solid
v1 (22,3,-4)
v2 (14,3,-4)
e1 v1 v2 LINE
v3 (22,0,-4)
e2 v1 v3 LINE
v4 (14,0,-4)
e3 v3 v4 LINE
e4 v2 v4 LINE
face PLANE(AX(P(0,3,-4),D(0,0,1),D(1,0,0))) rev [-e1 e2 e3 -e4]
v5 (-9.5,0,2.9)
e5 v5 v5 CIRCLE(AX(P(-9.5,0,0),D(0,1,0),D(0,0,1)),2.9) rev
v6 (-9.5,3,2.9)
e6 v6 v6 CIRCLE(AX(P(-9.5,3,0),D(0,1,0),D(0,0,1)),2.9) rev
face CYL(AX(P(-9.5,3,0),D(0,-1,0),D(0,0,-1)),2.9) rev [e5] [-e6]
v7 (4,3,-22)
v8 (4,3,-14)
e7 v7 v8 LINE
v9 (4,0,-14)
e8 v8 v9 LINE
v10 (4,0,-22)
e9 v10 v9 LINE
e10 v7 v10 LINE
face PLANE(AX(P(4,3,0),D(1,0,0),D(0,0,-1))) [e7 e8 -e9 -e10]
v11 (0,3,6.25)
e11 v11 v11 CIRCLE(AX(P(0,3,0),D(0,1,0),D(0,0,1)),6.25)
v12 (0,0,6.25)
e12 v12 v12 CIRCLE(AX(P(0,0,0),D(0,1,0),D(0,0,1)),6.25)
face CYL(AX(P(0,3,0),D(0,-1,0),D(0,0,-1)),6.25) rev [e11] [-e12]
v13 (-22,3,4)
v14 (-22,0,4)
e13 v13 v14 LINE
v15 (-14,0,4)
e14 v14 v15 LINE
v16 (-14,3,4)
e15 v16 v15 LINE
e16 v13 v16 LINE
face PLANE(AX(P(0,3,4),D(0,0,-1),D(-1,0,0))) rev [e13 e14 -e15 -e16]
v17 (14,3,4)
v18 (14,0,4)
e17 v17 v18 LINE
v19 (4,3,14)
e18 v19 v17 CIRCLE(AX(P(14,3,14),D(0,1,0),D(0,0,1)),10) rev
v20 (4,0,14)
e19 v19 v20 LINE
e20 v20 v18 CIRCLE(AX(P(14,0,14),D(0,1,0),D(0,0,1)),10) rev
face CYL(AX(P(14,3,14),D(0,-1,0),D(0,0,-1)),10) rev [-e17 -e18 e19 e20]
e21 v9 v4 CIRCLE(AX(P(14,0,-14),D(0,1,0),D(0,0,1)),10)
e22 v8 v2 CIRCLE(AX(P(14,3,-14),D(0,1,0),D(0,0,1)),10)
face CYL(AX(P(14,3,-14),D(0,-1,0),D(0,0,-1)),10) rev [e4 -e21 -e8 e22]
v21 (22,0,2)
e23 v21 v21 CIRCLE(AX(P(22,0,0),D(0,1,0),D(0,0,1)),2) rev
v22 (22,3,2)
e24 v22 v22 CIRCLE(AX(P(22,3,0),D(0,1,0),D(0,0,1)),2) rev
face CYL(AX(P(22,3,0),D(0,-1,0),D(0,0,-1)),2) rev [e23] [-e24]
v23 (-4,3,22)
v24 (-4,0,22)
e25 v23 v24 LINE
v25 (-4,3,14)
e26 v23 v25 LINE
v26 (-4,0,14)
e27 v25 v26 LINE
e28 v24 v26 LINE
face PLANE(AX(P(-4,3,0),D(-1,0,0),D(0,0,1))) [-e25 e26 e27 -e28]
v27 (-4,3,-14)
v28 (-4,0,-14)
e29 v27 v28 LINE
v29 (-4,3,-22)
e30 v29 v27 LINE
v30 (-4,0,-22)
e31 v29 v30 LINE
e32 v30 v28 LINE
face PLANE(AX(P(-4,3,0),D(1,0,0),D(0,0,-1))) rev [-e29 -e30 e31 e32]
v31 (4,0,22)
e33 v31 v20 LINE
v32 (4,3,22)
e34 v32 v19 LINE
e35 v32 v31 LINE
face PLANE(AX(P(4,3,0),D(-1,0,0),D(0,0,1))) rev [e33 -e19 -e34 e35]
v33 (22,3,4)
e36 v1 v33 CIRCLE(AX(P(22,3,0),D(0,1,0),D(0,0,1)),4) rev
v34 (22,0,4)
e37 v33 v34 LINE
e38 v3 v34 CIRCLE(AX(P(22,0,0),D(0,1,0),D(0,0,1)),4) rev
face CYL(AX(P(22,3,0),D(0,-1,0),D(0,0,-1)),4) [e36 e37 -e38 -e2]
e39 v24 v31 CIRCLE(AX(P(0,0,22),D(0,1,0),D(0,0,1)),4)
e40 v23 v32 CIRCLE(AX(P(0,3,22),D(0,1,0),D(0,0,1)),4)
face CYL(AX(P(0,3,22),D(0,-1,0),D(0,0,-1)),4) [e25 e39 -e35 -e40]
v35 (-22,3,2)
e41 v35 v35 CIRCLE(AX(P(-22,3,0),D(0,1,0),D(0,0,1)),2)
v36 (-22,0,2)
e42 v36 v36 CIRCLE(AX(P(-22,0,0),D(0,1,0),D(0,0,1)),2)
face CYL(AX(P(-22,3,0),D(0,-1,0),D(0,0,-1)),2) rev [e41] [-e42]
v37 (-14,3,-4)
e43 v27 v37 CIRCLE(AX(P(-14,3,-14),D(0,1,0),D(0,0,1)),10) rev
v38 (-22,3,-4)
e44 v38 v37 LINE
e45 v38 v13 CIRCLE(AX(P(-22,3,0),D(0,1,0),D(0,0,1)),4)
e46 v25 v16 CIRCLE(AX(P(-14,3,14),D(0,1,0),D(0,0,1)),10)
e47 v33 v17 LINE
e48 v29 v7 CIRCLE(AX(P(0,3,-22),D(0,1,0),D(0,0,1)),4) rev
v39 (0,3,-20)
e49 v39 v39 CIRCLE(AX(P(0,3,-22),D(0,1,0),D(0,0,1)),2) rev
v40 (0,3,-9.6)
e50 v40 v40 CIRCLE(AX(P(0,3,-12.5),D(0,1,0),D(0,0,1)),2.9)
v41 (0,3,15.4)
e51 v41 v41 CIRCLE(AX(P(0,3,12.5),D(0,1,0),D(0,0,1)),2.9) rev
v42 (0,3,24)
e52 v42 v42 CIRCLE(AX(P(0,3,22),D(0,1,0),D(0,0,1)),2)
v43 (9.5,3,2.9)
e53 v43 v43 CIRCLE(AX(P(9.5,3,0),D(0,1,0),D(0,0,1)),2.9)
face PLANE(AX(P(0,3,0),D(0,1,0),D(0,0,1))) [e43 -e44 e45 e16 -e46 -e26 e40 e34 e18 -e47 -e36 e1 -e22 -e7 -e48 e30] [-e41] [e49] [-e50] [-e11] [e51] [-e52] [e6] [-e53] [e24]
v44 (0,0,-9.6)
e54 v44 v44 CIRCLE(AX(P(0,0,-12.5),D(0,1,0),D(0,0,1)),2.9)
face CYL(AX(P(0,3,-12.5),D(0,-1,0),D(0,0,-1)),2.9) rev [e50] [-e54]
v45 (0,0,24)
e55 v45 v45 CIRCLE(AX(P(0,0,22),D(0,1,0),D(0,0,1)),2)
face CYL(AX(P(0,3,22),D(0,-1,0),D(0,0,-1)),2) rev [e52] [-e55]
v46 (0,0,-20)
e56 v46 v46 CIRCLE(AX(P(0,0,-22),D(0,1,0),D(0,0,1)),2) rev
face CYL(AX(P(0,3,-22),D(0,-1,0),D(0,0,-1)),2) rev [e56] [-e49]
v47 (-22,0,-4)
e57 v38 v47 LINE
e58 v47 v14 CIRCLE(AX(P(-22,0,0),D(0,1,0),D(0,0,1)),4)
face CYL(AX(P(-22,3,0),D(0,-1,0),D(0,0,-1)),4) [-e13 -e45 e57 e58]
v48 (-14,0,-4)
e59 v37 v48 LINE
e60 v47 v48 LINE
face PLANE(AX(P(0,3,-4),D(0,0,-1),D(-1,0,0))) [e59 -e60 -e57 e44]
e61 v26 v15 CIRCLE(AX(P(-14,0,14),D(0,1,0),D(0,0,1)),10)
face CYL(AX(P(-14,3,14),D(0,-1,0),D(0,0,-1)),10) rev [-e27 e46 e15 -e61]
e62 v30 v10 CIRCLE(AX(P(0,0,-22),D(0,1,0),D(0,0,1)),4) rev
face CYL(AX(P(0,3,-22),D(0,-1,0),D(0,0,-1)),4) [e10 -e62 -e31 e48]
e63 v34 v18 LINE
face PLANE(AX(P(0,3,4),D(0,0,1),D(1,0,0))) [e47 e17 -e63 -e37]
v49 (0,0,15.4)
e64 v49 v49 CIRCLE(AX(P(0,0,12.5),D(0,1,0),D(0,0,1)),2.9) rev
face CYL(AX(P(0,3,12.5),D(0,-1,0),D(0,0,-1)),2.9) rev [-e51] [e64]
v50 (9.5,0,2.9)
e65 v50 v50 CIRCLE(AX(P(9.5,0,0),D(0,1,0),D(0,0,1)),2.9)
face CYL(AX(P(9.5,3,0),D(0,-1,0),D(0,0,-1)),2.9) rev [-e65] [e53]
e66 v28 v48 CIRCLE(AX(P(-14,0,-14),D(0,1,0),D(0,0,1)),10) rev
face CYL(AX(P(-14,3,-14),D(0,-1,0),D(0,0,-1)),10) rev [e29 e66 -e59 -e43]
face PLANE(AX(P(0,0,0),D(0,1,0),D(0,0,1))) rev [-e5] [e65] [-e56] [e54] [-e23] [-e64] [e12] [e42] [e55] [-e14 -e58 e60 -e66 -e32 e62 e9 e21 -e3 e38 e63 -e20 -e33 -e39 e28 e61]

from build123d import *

# Parameters (mm, degrees)
IZIM2_R                     = 2
IZIM2_R_2                   = 2.9
IZIM2_R_3                   = 6.25
Y_KSEKLIK_EKSTR_ZYON1_DEPTH = 3


with BuildPart() as part:
    # Çizim2 → Yükseklik-Ekstrüzyon1 (new body)
    with BuildSketch(Plane(origin=(0, 0, 0), x_dir=(1, 0, 0), z_dir=(0, 1, 0))):
        with BuildLine():
            ThreePointArc((4, 22), (0, 26), (-4, 22))
            Line((-4, 22), (-4, 14))
            ThreePointArc((-4, 14), (-6.928932188, 6.928932188), (-14, 4))
            Line((-14, 4), (-22, 4))
            ThreePointArc((-22, 4), (-26, 0), (-22, -4))
            Line((-22, -4), (-14, -4))
            ThreePointArc((-14, -4), (-6.928932188, -6.928932188), (-4, -14))
            Line((-4, -14), (-4, -22))
            ThreePointArc((-4, -22), (0, -26), (4, -22))
            Line((4, -22), (4, -14))
            ThreePointArc((4, -14), (6.928932188, -6.928932188), (14, -4))
            Line((14, -4), (22, -4))
            ThreePointArc((22, -4), (26, 0), (22, 4))
            Line((22, 4), (14, 4))
            ThreePointArc((14, 4), (6.928932188, 6.928932188), (4, 14))
            Line((4, 14), (4, 22))
        make_face()
        with Locations(Location((0, -22, 0), (0, 0, 270))):
            Circle(IZIM2_R, mode=Mode.SUBTRACT)
        with Locations(Location((0, -12.5, 0), (0, 0, 270))):
            Circle(IZIM2_R_2, mode=Mode.SUBTRACT)
        with Locations(Location((-22, 0, 0), (0, 0, 270))):
            Circle(IZIM2_R, mode=Mode.SUBTRACT)
        with Locations(Location((-9.5, 0, 0), (0, 0, 270))):
            Circle(IZIM2_R_2, mode=Mode.SUBTRACT)
        with Locations(Location((0, 0, 0), (0, 0, 270))):
            Circle(IZIM2_R_3, mode=Mode.SUBTRACT)
        with Locations(Location((9.5, 0, 0), (0, 0, 270))):
            Circle(IZIM2_R_2, mode=Mode.SUBTRACT)
        with Locations(Location((0, 12.5, 0), (0, 0, 270))):
            Circle(IZIM2_R_2, mode=Mode.SUBTRACT)
        with Locations(Location((0, 22, 0), (0, 0, 270))):
            Circle(IZIM2_R, mode=Mode.SUBTRACT)
        with Locations(Location((22, 0, 0), (0, 0, 270))):
            Circle(IZIM2_R, mode=Mode.SUBTRACT)
    extrude(amount=Y_KSEKLIK_EKSTR_ZYON1_DEPTH)


solid = part.part
